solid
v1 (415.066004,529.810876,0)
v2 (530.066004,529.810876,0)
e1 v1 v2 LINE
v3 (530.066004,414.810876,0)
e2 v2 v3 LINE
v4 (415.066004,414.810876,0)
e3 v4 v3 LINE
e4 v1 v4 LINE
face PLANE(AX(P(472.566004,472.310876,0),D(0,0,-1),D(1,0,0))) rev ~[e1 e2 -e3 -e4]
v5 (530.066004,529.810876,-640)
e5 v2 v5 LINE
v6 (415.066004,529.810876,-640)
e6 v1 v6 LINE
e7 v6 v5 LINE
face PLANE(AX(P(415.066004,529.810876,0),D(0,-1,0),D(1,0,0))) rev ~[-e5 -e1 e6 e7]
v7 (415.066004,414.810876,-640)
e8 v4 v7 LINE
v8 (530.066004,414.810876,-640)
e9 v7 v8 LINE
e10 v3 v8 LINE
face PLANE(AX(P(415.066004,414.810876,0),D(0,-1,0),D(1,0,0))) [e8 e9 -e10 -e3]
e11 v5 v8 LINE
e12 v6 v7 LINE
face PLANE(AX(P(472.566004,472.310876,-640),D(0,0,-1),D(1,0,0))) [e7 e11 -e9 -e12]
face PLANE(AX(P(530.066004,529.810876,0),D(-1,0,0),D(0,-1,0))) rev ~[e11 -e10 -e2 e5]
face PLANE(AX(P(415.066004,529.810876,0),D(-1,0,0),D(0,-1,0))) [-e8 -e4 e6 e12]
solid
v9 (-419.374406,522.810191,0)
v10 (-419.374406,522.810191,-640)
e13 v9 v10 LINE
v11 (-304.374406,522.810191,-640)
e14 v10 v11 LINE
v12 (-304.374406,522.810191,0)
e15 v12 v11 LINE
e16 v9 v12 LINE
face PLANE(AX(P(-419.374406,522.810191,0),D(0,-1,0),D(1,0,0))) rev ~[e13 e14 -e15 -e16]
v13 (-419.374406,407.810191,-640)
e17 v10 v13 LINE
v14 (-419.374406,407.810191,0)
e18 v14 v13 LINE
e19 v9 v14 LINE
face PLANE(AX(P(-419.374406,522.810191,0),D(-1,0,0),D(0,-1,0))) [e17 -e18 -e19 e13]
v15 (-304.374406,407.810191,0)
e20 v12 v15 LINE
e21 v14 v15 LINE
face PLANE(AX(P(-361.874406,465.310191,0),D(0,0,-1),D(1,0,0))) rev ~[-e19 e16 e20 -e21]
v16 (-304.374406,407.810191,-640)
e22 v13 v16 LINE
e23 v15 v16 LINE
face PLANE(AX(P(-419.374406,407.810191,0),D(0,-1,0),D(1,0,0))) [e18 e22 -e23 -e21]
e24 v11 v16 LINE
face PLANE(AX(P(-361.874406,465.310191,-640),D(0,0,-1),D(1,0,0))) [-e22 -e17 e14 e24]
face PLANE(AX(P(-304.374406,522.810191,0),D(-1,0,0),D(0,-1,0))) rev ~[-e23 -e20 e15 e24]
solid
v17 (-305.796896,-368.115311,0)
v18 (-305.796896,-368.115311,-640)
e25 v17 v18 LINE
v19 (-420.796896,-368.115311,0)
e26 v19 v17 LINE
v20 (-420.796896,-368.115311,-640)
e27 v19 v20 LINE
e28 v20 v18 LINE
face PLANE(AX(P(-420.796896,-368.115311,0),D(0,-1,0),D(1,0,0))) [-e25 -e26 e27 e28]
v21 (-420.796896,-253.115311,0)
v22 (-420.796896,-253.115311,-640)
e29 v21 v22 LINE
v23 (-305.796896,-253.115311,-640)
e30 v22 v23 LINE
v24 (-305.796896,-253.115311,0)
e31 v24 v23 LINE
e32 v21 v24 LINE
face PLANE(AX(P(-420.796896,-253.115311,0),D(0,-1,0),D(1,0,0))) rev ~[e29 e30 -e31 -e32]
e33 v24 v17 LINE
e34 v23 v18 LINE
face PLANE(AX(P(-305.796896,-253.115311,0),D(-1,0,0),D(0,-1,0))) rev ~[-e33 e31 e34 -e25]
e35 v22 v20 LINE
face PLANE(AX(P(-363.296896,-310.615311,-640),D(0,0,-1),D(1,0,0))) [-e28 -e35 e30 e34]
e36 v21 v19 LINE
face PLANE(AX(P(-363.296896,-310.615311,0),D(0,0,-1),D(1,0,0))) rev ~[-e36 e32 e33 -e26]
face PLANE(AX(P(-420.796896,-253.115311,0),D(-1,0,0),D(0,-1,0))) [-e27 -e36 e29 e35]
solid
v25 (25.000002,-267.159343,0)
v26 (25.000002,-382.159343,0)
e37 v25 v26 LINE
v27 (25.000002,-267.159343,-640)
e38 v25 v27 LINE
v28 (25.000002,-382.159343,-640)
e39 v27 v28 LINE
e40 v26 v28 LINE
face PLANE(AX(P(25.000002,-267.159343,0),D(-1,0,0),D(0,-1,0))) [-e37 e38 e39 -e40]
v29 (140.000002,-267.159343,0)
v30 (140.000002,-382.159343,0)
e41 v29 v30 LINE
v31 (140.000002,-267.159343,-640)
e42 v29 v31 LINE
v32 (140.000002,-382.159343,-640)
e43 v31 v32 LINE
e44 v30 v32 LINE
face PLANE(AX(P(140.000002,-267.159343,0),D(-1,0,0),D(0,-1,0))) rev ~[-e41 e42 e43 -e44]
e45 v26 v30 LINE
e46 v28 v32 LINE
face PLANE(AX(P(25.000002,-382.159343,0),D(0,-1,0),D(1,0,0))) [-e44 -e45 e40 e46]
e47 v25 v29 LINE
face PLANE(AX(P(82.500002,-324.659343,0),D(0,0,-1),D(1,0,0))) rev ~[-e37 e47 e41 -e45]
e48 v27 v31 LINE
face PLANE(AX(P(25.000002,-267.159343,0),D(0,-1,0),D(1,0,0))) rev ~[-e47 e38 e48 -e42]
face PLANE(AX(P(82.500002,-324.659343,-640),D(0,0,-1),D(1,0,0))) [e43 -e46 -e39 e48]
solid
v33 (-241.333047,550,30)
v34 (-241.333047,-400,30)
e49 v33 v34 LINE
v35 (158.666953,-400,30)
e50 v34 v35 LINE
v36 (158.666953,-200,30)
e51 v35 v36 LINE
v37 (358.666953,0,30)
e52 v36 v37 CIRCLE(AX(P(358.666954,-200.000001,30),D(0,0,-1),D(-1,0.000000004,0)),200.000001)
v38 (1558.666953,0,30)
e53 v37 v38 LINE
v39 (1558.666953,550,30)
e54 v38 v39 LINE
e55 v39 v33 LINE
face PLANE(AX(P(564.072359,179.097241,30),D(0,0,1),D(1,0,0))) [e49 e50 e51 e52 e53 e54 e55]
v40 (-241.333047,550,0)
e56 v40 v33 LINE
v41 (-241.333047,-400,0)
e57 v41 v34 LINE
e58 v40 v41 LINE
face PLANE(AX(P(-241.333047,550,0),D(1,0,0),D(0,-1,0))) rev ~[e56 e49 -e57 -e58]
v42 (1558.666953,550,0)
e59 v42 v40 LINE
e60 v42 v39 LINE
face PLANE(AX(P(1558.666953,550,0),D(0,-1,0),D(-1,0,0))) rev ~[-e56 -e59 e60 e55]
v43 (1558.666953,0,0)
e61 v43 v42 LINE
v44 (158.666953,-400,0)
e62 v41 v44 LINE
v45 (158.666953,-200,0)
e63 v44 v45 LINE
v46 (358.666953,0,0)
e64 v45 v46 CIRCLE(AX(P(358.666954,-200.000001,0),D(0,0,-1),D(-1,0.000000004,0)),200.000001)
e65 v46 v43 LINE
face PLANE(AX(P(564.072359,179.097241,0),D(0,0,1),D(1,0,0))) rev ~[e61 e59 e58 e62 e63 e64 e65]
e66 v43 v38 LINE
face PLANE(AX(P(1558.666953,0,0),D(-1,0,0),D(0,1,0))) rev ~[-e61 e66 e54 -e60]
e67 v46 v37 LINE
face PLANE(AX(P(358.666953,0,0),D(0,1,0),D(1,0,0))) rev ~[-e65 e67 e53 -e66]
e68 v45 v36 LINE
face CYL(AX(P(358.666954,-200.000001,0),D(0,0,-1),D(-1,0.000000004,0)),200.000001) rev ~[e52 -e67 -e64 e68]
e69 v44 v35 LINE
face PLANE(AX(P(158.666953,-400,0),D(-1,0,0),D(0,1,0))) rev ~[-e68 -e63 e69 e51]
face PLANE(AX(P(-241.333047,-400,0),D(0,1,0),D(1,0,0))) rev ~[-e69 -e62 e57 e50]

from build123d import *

# Parameters (mm, degrees)
F1_DEPTH = 30
F2_W     = 115
F2_H     = 115
F3_DEPTH = 640


with BuildPart() as f1:
    # F0 (on Top) → F1 (new body)
    with BuildSketch(Plane.XY):
        with BuildLine():
            Line((358.666953, 0), (1558.666953, 0))
            Line((1558.666953, 0), (1558.666953, 550))
            Line((1558.666953, 550), (-241.333047, 550))
            Line((-241.333047, 550), (-241.333047, 0))
            Line((-241.333047, 0), (-241.333047, -400))
            Line((-241.333047, -400), (158.666953, -400))
            Line((158.666953, -400), (158.666953, -200))
            ThreePointArc((158.666953, -200), (217.245597, -58.578644), (358.666953, 0))
        make_face()
    extrude(amount=F1_DEPTH)


with BuildPart() as f3:
    # F2 (on face) → F3 (new body)
    with BuildSketch(Plane(origin=(0, 0, 0), x_dir=(1, 0, 0), z_dir=(0, 0, -1))):
        with Locations((-361.874406, -465.310191)):
            Rectangle(F2_W, F2_H)
        with Locations((472.566004, -472.310876)):
            Rectangle(F2_W, F2_H)
        with Locations((-363.296896, 310.615311)):
            Rectangle(F2_W, F2_H)
        with Locations((82.500002, 324.659343)):
            Rectangle(F2_W, F2_H)
    extrude(amount=F3_DEPTH)


solid = Compound([f1.part, f3.part])
